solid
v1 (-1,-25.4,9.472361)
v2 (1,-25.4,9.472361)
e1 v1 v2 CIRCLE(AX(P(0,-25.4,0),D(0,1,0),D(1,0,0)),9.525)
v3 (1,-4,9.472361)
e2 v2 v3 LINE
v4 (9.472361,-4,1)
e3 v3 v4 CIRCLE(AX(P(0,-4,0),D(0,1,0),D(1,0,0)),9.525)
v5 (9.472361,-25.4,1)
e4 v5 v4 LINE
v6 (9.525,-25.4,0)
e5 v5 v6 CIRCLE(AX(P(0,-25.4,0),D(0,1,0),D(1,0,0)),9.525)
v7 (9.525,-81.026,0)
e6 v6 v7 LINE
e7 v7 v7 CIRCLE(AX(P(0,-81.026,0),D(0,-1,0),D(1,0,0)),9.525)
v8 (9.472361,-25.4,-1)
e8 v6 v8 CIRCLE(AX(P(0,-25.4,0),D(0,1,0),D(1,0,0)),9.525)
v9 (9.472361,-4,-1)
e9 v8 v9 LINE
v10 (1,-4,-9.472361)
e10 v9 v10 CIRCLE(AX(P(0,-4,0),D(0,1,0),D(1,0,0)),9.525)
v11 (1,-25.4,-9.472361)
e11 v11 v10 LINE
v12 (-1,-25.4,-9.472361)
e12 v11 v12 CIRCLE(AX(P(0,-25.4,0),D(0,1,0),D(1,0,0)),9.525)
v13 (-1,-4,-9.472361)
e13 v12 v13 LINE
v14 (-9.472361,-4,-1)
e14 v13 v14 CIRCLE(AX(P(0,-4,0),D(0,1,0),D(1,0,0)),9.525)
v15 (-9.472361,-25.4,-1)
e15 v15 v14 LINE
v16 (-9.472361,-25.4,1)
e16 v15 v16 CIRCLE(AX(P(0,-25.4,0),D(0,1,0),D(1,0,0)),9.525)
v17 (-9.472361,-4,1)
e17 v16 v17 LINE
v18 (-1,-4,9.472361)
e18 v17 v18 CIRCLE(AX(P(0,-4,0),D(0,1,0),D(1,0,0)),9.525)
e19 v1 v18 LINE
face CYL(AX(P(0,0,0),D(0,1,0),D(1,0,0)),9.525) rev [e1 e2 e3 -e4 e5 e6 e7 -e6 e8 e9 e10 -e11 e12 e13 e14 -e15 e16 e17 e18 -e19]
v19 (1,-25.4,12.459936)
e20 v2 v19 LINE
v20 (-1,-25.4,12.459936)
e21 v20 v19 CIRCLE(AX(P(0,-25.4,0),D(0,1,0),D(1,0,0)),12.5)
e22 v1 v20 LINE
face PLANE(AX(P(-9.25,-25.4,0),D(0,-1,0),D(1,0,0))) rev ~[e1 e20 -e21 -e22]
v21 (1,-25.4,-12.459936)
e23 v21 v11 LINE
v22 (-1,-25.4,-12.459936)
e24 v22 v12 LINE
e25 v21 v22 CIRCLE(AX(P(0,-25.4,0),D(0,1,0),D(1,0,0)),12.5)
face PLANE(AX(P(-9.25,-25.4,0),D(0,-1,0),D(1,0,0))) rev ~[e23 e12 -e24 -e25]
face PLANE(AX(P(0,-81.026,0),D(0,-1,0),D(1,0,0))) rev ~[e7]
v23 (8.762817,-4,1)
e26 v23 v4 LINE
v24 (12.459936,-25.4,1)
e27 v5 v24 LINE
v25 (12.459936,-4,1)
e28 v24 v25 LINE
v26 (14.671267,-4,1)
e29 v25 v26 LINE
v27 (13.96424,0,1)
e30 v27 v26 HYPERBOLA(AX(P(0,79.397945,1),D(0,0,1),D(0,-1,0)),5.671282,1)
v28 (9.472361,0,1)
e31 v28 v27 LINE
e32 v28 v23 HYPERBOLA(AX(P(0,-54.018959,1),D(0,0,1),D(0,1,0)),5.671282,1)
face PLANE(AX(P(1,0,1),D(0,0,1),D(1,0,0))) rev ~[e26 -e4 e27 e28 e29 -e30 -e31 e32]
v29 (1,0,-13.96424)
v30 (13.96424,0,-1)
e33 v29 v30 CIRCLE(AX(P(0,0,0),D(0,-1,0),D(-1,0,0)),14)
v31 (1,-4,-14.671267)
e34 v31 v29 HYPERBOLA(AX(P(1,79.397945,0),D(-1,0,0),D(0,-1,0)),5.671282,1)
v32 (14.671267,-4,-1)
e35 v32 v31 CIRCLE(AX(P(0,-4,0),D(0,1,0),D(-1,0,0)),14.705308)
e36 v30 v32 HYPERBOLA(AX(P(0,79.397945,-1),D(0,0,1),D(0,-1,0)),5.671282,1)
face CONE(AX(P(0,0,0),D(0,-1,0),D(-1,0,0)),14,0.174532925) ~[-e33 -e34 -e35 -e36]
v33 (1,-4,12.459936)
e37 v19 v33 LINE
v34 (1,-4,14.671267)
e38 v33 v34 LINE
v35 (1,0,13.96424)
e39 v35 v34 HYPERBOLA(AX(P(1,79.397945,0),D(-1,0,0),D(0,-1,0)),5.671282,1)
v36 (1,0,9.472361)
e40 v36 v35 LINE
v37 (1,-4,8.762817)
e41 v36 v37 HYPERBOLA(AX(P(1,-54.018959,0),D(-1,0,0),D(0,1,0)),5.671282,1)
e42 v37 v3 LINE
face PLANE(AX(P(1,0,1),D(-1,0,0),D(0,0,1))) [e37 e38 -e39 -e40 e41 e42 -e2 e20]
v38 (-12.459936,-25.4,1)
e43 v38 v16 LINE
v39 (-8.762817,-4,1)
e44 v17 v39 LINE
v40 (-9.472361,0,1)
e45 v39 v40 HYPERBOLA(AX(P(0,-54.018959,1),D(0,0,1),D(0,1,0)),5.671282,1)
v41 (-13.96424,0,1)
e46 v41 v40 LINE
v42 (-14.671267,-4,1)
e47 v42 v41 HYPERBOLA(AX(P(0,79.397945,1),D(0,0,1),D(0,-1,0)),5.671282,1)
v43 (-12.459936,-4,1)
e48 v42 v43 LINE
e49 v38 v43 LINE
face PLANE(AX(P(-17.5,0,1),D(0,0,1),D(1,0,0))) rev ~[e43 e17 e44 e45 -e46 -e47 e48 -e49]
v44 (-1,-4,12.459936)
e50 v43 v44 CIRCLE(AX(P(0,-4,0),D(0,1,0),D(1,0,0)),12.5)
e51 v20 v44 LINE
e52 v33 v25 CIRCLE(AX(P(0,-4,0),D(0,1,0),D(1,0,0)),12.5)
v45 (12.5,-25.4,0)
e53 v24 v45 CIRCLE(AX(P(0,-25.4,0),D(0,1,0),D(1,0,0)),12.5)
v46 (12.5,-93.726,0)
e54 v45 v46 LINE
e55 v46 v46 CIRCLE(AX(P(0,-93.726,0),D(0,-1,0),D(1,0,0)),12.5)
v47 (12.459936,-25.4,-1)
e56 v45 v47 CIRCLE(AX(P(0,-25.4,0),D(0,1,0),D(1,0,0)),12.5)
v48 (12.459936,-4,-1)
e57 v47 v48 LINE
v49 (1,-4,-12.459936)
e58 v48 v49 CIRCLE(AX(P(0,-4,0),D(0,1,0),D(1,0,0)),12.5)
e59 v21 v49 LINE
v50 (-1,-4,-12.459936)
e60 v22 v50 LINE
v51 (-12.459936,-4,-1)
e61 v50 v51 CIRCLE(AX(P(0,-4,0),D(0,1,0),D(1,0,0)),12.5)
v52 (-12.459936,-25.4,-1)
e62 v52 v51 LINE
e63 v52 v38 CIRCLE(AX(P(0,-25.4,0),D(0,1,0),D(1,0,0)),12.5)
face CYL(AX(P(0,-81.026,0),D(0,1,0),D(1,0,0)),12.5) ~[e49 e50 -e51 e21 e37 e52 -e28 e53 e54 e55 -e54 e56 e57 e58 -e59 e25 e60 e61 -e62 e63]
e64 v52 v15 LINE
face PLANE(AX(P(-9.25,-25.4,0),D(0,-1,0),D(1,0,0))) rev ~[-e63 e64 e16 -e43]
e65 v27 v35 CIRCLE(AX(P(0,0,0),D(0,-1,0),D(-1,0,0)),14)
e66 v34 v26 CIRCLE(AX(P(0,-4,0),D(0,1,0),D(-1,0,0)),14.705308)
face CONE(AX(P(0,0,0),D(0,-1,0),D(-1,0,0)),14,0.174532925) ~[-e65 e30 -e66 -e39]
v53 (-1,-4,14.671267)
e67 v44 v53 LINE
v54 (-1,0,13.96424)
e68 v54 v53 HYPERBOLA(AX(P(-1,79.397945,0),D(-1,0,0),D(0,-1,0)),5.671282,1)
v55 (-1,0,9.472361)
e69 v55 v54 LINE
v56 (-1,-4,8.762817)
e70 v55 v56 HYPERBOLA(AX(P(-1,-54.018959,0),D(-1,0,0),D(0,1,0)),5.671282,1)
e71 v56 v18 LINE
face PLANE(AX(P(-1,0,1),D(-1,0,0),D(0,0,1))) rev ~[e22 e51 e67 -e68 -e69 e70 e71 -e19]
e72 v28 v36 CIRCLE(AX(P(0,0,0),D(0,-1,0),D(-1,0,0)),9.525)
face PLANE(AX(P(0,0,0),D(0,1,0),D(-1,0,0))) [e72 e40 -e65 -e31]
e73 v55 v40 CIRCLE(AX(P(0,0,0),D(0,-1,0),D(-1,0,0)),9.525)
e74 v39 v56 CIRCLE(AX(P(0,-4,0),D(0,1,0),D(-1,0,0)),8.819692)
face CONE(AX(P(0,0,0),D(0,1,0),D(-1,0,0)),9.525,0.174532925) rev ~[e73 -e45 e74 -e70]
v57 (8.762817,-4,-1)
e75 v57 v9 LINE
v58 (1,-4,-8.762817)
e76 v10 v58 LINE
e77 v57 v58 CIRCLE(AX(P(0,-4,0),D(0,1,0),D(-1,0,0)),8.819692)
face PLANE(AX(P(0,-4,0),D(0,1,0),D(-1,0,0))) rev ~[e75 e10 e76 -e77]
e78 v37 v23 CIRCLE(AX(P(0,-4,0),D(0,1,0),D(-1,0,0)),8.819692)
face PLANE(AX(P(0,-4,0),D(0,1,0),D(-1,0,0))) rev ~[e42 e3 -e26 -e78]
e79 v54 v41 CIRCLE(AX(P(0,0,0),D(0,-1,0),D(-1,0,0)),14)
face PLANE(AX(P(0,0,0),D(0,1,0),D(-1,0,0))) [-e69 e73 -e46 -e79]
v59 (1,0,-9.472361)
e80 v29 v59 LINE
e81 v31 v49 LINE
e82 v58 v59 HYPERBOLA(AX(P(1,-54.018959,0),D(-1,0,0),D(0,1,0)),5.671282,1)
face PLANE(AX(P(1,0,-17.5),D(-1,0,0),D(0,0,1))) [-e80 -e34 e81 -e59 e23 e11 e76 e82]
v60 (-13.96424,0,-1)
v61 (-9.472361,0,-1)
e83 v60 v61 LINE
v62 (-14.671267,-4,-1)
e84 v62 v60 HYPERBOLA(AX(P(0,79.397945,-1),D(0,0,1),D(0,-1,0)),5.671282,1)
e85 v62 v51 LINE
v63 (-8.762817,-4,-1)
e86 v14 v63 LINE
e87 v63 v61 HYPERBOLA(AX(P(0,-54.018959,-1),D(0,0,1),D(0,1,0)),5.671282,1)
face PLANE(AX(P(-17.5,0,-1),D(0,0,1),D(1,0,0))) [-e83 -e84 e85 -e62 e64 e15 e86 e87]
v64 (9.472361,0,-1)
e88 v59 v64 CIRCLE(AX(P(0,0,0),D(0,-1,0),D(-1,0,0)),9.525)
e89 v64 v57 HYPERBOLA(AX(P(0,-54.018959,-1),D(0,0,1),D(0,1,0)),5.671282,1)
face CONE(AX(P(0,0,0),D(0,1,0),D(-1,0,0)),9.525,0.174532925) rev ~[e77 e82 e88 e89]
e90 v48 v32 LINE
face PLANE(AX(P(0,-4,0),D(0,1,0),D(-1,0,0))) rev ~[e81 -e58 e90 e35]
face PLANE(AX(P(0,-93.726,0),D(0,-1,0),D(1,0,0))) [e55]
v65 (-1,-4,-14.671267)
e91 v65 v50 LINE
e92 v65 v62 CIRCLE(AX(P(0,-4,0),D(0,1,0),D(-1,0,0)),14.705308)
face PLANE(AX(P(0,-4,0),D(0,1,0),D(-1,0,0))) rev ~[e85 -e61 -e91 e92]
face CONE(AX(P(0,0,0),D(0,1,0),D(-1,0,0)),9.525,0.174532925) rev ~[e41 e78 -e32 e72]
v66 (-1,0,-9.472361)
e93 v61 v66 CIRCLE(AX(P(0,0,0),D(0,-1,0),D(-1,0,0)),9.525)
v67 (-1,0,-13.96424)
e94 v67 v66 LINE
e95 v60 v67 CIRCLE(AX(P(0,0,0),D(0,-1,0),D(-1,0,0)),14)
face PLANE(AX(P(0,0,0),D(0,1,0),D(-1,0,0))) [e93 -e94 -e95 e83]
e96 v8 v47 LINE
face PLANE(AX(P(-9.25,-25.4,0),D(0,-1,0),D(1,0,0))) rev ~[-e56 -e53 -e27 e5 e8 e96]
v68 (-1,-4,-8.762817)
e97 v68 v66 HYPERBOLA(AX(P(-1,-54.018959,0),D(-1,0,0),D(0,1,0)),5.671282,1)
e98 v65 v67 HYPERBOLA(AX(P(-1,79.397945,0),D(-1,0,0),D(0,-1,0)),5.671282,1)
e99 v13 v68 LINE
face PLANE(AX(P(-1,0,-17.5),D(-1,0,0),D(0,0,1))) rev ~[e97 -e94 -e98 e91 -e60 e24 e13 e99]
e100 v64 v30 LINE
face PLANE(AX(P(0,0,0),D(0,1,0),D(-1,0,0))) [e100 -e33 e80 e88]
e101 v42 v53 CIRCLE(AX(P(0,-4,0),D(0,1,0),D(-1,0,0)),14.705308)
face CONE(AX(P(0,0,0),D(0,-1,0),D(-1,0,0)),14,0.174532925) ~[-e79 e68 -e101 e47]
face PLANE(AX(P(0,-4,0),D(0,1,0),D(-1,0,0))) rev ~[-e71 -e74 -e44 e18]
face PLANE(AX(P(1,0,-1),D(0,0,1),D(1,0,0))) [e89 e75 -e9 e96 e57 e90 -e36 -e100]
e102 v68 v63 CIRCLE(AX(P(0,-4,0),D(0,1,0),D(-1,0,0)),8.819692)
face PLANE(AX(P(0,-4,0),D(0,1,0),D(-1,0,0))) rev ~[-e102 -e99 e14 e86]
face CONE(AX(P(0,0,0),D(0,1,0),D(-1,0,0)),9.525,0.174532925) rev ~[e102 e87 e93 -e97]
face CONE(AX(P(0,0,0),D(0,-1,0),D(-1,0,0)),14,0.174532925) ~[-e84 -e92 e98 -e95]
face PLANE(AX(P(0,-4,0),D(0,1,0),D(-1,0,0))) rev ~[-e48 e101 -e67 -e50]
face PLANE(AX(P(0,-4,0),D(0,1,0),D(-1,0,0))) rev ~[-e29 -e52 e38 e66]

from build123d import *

# Parameters (mm, degrees)
F0_R     = 12.5
F0_R_2   = 9.525
F1_DEPTH = 81.026
F2_R     = 14
F2_R_2   = 9.525
F3_DEPTH = 4
F3_TAPER = -10
F4_W     = 16.5
F4_H     = 2
F4_W_2   = 2
F4_H_2   = 16.5
F5_DEPTH = 25.4
F6_R     = 12.5
F7_DEPTH = 12.7


with BuildPart() as f1:
    # F0 (on Front) → F1 (new body)
    with BuildSketch(Plane.XZ):
        Circle(F0_R)
        Circle(F0_R_2, mode=Mode.SUBTRACT)
    extrude(amount=F1_DEPTH)

    # F2 (on face) → F3 (join)
    with BuildSketch(Plane(origin=(0, 0, 0), x_dir=(-1, 0, 0), z_dir=(0, 1, 0))):
        Circle(F2_R)
        Circle(F2_R_2, mode=Mode.SUBTRACT)
    extrude(amount=-F3_DEPTH, taper=F3_TAPER)

    # F4 (on face) → F5 (cut)
    with BuildSketch(Plane.XZ):
        with Locations((-9.25, 0)):
            Rectangle(F4_W, F4_H)
        with Locations((0, 9.25)):
            Rectangle(F4_W_2, F4_H_2)
        Rectangle(F4_W_2, F4_H)
        with Locations((9.25, 0)):
            Rectangle(F4_W, F4_H)
        with Locations((0, -9.25)):
            Rectangle(F4_W_2, F4_H_2)
    extrude(amount=F5_DEPTH, mode=Mode.SUBTRACT)

    # F6 (on face) → F7 (join)
    with BuildSketch(Plane.XZ.offset(81.026)):
        Circle(F6_R)
    extrude(amount=F7_DEPTH)


solid = f1.part
